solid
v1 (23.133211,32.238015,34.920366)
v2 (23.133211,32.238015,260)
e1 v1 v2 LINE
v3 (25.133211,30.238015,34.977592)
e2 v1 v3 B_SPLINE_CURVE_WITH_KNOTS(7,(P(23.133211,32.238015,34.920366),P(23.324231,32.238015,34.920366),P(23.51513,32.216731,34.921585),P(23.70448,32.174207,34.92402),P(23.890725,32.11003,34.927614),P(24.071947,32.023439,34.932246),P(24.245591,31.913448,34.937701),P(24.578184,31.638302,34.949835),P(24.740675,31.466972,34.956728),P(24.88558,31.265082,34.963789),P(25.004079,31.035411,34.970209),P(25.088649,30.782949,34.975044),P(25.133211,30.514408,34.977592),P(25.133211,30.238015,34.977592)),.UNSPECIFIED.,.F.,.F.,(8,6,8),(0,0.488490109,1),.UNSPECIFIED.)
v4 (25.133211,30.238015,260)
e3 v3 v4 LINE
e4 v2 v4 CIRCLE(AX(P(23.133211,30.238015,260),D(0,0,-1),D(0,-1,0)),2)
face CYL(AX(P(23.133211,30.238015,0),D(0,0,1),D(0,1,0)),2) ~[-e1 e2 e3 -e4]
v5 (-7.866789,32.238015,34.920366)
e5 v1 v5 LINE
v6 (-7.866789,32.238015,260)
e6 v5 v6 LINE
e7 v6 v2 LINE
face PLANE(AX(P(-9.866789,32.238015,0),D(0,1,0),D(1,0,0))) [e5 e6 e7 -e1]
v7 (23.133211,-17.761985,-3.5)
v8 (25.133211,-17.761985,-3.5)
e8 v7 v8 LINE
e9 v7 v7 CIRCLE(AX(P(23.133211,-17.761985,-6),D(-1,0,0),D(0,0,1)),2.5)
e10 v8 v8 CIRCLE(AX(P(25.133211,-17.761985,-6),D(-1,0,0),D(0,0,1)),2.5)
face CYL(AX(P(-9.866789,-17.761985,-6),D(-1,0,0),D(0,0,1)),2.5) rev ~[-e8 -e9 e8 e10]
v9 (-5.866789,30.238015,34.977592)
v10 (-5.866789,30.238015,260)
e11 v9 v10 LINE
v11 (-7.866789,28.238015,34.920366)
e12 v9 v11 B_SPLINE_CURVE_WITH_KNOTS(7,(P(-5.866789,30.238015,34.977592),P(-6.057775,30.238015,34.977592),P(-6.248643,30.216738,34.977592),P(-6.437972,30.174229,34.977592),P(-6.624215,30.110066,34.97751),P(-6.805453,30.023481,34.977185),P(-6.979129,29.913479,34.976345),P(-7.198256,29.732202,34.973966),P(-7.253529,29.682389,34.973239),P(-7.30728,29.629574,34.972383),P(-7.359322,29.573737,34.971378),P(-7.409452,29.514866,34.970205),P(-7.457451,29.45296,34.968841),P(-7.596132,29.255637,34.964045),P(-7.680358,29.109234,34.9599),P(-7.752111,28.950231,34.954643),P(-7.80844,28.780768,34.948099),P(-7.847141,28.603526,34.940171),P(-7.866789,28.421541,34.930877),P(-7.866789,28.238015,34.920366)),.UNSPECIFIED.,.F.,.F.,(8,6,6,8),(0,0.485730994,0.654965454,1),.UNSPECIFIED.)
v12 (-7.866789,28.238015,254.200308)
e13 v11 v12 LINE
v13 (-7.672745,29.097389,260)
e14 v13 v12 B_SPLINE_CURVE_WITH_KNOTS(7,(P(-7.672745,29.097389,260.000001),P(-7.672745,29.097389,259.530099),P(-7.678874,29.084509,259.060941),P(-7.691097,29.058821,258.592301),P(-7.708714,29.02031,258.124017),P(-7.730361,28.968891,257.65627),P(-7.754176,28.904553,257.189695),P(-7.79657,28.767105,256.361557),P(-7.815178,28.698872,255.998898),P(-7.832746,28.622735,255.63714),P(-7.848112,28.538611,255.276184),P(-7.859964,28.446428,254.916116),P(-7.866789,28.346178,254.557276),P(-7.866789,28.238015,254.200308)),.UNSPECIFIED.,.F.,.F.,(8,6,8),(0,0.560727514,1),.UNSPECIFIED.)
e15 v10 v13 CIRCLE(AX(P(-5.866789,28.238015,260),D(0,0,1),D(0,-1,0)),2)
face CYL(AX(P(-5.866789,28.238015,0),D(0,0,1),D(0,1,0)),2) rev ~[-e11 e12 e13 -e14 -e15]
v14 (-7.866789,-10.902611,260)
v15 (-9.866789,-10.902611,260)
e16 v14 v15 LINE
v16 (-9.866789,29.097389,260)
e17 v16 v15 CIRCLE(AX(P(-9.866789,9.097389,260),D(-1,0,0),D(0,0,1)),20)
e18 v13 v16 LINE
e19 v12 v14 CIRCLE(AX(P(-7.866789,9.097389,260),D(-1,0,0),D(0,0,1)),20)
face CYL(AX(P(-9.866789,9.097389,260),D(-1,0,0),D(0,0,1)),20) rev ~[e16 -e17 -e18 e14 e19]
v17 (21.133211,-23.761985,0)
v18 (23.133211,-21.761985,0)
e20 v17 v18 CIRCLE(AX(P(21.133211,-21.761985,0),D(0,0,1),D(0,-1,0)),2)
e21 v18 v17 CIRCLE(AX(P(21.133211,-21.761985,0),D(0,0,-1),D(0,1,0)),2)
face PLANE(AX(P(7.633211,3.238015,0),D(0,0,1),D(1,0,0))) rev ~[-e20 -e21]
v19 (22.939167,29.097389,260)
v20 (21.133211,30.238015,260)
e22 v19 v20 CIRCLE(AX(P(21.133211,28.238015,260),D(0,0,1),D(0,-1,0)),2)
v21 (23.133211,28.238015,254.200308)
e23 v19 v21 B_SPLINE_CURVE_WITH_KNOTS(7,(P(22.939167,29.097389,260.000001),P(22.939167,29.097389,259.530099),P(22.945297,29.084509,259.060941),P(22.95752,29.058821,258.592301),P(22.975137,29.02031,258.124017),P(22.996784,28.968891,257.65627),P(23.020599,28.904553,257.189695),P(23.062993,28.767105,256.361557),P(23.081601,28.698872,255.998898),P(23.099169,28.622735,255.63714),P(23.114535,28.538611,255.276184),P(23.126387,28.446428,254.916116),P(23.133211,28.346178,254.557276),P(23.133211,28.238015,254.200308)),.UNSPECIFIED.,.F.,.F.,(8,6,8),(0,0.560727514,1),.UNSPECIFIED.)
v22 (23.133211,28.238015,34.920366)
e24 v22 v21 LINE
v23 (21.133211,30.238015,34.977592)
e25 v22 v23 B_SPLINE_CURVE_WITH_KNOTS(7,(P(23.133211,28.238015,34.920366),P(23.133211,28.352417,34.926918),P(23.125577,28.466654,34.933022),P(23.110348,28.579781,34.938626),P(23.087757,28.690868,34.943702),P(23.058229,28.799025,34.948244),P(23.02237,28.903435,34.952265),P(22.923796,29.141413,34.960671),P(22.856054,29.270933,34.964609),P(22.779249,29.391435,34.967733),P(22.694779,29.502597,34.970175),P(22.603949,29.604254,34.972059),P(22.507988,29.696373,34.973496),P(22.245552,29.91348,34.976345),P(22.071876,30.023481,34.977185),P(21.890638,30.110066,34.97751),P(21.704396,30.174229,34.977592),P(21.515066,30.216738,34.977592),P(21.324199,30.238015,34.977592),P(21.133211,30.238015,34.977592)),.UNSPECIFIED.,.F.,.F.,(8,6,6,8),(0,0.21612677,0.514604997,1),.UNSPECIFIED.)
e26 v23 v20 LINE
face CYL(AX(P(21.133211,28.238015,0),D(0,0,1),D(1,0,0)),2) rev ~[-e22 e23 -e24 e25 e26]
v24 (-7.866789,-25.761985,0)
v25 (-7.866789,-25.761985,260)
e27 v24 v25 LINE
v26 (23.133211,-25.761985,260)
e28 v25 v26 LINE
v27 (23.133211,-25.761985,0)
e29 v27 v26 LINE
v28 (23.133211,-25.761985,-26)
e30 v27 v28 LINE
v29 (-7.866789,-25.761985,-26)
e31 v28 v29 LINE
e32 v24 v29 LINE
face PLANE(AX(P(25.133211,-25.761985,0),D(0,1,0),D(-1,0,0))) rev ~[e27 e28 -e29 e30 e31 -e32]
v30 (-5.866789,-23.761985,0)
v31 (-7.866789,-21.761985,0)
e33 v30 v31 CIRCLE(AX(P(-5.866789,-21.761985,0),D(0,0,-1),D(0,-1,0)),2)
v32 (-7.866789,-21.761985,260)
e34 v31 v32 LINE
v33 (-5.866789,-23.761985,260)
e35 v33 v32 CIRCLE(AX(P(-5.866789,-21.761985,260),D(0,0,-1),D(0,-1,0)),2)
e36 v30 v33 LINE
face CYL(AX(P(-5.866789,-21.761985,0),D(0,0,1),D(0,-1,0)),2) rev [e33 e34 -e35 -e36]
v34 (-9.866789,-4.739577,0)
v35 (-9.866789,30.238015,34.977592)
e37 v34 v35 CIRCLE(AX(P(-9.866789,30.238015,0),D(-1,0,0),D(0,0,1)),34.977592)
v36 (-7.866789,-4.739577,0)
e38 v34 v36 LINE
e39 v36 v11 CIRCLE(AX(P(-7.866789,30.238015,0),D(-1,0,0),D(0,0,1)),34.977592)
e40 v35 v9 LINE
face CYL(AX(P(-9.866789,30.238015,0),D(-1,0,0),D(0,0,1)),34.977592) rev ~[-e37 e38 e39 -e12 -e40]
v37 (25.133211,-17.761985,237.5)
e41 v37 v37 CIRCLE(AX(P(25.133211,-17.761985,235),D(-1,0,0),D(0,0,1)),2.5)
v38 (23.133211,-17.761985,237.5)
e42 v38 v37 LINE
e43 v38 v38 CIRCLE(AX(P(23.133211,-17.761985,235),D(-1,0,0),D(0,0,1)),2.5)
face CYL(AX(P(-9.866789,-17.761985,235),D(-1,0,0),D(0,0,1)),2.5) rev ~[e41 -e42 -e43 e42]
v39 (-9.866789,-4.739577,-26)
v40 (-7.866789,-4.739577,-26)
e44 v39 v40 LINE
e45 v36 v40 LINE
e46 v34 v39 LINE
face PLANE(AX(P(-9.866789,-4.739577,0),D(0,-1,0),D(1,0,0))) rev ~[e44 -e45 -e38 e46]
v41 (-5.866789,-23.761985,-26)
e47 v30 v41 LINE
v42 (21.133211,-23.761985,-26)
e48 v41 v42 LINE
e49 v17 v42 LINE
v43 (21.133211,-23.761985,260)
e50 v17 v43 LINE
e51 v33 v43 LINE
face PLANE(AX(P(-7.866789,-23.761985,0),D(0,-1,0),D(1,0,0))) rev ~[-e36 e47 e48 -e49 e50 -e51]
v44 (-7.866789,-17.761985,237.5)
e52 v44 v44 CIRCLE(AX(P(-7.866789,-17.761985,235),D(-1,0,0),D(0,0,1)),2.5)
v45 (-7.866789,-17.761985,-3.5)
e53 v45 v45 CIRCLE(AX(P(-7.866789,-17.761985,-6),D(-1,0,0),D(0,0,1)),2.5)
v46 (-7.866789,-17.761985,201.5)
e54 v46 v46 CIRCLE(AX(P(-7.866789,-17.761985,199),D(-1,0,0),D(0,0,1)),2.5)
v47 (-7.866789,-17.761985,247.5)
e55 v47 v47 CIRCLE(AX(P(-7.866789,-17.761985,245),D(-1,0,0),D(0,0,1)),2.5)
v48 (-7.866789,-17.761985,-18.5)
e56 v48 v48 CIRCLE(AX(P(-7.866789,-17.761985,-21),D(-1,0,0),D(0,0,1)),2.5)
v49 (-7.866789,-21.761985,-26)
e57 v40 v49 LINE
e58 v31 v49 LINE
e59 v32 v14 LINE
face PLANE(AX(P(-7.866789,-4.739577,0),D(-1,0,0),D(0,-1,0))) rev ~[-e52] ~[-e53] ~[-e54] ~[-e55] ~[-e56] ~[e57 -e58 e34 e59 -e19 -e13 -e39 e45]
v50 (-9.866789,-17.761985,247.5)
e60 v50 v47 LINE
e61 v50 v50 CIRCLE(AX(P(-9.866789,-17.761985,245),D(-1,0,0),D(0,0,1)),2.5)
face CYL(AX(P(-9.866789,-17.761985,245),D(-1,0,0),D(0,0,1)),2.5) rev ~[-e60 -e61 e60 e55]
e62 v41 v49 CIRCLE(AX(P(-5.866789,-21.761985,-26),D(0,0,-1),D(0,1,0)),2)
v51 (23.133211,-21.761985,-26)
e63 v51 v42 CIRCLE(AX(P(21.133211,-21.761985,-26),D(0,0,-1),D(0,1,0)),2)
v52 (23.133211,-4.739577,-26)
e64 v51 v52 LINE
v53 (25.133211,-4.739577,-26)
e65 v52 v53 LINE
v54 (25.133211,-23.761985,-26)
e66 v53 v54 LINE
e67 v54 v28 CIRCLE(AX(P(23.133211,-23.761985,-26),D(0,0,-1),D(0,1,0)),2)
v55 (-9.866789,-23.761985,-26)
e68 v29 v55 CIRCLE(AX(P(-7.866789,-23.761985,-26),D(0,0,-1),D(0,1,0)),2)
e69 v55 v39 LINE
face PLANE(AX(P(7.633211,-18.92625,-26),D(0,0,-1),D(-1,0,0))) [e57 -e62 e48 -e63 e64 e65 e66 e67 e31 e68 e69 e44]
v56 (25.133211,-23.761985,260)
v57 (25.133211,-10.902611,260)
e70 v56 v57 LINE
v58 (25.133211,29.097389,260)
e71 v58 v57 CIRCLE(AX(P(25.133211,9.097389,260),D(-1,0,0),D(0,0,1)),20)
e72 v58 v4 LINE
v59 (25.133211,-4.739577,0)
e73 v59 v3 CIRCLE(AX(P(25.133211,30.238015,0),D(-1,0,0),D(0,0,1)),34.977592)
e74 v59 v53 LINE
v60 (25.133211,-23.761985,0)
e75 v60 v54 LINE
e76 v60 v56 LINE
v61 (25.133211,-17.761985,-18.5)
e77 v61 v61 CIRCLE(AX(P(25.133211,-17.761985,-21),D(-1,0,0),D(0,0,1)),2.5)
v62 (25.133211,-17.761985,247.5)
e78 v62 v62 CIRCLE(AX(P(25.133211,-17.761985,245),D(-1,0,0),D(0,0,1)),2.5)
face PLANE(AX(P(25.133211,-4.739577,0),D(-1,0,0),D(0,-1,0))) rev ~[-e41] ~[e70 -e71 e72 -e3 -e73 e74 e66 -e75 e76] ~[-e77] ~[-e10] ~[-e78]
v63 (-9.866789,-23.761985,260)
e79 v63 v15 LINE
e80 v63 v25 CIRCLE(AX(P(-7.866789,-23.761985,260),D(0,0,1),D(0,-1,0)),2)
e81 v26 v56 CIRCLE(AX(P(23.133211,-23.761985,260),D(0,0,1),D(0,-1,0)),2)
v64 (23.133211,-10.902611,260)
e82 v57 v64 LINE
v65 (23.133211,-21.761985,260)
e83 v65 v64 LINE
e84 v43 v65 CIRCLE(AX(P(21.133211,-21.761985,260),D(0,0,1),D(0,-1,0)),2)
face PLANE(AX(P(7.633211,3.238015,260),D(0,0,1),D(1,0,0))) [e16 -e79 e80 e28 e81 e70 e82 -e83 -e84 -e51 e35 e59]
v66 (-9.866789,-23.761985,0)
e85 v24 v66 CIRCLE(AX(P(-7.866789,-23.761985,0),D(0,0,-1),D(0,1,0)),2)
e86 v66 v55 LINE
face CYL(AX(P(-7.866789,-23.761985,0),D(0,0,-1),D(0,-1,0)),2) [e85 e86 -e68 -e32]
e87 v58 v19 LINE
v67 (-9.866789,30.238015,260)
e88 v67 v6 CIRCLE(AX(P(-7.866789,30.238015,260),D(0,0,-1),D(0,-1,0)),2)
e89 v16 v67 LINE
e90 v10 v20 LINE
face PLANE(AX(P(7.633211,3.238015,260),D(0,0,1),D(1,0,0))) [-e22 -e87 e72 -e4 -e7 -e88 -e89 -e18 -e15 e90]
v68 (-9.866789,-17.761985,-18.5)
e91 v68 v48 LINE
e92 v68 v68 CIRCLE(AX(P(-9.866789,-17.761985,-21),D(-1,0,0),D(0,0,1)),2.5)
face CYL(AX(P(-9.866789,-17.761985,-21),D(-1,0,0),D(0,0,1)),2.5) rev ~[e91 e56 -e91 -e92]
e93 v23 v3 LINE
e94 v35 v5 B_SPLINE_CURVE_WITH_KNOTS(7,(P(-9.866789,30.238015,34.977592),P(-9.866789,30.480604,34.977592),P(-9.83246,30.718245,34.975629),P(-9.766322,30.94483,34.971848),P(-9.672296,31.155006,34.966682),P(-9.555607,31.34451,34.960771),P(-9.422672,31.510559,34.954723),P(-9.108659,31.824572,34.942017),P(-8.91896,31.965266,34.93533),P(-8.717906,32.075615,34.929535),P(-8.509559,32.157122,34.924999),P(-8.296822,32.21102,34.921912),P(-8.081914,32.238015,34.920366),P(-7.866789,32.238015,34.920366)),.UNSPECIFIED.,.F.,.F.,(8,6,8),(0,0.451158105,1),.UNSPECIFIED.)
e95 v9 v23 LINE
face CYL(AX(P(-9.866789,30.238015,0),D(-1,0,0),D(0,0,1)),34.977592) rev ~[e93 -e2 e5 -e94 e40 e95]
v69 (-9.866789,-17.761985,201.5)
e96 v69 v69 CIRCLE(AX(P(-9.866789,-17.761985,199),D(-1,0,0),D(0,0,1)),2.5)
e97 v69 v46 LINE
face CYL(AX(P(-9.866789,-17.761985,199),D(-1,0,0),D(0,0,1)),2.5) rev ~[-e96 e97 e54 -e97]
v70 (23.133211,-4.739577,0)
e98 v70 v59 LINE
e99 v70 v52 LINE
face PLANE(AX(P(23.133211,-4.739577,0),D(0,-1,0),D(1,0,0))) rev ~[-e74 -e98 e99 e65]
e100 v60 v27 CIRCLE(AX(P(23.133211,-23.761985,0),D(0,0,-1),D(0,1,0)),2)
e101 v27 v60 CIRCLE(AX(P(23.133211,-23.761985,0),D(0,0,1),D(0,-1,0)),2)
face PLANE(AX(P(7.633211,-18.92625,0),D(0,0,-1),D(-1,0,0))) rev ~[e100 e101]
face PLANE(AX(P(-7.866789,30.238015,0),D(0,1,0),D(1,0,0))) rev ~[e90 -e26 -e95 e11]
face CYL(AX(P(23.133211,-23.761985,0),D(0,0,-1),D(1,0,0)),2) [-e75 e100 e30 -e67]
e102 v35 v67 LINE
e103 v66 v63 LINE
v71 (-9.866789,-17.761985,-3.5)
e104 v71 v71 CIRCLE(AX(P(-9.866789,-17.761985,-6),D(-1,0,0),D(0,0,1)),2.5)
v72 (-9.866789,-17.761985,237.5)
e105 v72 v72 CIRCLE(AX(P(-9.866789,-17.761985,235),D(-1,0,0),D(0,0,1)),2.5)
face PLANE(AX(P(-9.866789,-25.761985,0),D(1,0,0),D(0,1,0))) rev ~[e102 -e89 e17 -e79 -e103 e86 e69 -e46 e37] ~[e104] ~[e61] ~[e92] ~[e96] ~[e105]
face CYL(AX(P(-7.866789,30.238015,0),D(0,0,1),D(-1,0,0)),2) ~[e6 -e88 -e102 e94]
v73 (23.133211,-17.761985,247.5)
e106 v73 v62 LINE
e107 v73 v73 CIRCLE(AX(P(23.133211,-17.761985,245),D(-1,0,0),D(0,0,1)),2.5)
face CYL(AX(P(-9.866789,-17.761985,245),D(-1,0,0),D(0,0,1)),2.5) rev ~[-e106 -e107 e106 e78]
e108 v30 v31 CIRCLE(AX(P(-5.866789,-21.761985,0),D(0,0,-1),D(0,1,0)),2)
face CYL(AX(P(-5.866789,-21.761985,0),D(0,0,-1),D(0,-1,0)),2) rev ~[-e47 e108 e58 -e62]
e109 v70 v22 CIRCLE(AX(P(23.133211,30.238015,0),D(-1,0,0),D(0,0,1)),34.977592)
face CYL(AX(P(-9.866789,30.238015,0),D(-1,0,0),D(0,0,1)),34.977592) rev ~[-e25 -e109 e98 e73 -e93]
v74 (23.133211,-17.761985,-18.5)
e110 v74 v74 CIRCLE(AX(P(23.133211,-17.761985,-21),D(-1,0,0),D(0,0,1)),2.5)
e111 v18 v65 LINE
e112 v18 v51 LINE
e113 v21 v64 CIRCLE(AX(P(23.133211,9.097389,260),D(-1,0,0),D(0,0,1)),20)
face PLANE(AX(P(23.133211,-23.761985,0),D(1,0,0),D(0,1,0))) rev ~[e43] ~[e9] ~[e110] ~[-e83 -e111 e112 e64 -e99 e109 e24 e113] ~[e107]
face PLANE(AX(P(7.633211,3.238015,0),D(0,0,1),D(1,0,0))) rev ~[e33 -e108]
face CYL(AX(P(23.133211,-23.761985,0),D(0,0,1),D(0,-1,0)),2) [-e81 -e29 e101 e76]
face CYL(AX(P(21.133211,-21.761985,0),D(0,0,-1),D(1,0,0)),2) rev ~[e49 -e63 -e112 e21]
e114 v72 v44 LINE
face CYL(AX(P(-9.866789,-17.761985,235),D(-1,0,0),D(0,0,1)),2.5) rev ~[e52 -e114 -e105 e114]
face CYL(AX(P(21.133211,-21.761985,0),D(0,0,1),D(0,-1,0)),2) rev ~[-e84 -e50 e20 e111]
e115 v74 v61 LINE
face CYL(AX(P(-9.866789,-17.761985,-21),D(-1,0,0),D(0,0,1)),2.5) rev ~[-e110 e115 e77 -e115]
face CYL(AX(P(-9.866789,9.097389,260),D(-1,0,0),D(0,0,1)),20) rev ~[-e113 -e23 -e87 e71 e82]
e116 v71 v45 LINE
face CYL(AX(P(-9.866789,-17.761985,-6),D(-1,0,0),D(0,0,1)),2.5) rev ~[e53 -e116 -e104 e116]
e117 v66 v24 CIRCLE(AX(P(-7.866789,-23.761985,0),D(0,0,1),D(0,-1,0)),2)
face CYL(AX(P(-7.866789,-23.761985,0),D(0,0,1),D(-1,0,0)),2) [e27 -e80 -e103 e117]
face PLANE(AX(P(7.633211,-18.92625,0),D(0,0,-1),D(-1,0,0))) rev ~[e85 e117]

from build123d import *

# Parameters (mm, degrees)
SKETCH1_W      = 35
SKETCH1_H      = 58
SKETCH1_W_2    = 31
SKETCH1_H_2    = 54
EXTRUDE1_DEPTH = 260
FILLET1_R      = 2
SKETCH2_R      = 2.5
EXTRUDE2_DEPTH = 203.8
SKETCH3_R      = 2.5
EXTRUDE3_DEPTH = 10
EXTRUDE5_DEPTH = 26
FILLET6_R      = 2
FILLET7_R      = 2
FILLET8_R      = 2
FILLET9_R      = 2
SKETCH7_R      = 2.5
EXTRUDE6_DEPTH = 36
SKETCH8_R      = 20
SKETCH8_R_2    = 34.977592073
EXTRUDE7_DEPTH = 36


with BuildPart() as part:
    # Sketch1 → Extrude1 (new body)
    with BuildSketch(Plane.XY):
        with Locations((7.633211381, 3.238015245)):
            Rectangle(SKETCH1_W, SKETCH1_H)
        with Locations((7.633211381, 3.238015245)):
            Rectangle(SKETCH1_W_2, SKETCH1_H_2, mode=Mode.SUBTRACT)
    extrude(amount=EXTRUDE1_DEPTH)

    # Fillet1
    fillet1_edges = [part.edges().sort_by_distance(p)[0] for p in [
        (-7.866788619, 30.238015245, 130),
        (-7.866788619, -23.761984755, 130),
        (23.133211381, -23.761984755, 130),
        (23.133211381, 30.238015245, 130),
        (-9.866788619, 32.238015245, 130),
        (25.133211381, 32.238015245, 130),
        (25.133211381, -25.761984755, 130),
        (-9.866788619, -25.761984755, 130),
    ]]
    fillet(fillet1_edges, radius=FILLET1_R)

    # Sketch2 → Extrude2 (cut)
    with BuildSketch(Plane.ZY.offset(9.866788619)):
        with Locations((245, -17.761984755)):
            Circle(SKETCH2_R)
        with Locations((235, -17.761984755)):
            Circle(SKETCH2_R)
    extrude(amount=-EXTRUDE2_DEPTH, mode=Mode.SUBTRACT)

    # Sketch3 → Extrude3 (cut)
    with BuildSketch(Plane.ZY.offset(9.866788619)):
        with Locations((199, -17.761984755)):
            Circle(SKETCH3_R)
    extrude(amount=-EXTRUDE3_DEPTH, mode=Mode.SUBTRACT)

    # Sketch5 → Extrude5 (add)
    with BuildSketch(Plane(origin=(0, 0, 0), x_dir=(-1, 0, 0), z_dir=(0, 0, -1))):
        Polygon((-25.133211381, -4.739576828), (-25.133211381, -23.761984755), (-25.133211381, -25.761984755), (7.866788619, -25.761984755), (9.866788619, -25.761984755), (9.866788619, -4.739576828), (7.866788619, -4.739576828), (7.866788619, -21.761984755), (7.866788619, -23.761984755), (-23.133211381, -23.761984755), (-23.133211381, -4.739576828), align=None)
    extrude(amount=EXTRUDE5_DEPTH)

    # Fillet6
    fillet6_edges = [part.edges().sort_by_distance(p)[0] for p in [
        (25.133211381, -25.761984755, -13),
    ]]
    fillet(fillet6_edges, radius=FILLET6_R)

    # Fillet7
    fillet7_edges = [part.edges().sort_by_distance(p)[0] for p in [
        (-9.866788619, -25.761984755, -13),
    ]]
    fillet(fillet7_edges, radius=FILLET7_R)

    # Fillet8
    fillet8_edges = [part.edges().sort_by_distance(p)[0] for p in [
        (23.133211381, -23.761984755, -13),
    ]]
    fillet(fillet8_edges, radius=FILLET8_R)

    # Fillet9
    fillet9_edges = [part.edges().sort_by_distance(p)[0] for p in [
        (-7.866788619, -23.761984755, -13),
    ]]
    fillet(fillet9_edges, radius=FILLET9_R)

    # Sketch7 → Extrude6 (cut, through all)
    with BuildSketch(Plane.ZY.offset(9.866788619)):
        with Locations((-6, -17.761984755)):
            Circle(SKETCH7_R)
        with Locations((-21, -17.761984755)):
            Circle(SKETCH7_R)
    extrude(amount=-EXTRUDE6_DEPTH, mode=Mode.SUBTRACT)

    # Sketch8 → Extrude7 (cut, through all)
    with BuildSketch(Plane.ZY.offset(9.866788619)):
        with Locations((260, 9.097389033)):
            Circle(SKETCH8_R)
        with Locations((0, 30.238015245)):
            Circle(SKETCH8_R_2)
    extrude(amount=-EXTRUDE7_DEPTH, mode=Mode.SUBTRACT)


solid = part.part
